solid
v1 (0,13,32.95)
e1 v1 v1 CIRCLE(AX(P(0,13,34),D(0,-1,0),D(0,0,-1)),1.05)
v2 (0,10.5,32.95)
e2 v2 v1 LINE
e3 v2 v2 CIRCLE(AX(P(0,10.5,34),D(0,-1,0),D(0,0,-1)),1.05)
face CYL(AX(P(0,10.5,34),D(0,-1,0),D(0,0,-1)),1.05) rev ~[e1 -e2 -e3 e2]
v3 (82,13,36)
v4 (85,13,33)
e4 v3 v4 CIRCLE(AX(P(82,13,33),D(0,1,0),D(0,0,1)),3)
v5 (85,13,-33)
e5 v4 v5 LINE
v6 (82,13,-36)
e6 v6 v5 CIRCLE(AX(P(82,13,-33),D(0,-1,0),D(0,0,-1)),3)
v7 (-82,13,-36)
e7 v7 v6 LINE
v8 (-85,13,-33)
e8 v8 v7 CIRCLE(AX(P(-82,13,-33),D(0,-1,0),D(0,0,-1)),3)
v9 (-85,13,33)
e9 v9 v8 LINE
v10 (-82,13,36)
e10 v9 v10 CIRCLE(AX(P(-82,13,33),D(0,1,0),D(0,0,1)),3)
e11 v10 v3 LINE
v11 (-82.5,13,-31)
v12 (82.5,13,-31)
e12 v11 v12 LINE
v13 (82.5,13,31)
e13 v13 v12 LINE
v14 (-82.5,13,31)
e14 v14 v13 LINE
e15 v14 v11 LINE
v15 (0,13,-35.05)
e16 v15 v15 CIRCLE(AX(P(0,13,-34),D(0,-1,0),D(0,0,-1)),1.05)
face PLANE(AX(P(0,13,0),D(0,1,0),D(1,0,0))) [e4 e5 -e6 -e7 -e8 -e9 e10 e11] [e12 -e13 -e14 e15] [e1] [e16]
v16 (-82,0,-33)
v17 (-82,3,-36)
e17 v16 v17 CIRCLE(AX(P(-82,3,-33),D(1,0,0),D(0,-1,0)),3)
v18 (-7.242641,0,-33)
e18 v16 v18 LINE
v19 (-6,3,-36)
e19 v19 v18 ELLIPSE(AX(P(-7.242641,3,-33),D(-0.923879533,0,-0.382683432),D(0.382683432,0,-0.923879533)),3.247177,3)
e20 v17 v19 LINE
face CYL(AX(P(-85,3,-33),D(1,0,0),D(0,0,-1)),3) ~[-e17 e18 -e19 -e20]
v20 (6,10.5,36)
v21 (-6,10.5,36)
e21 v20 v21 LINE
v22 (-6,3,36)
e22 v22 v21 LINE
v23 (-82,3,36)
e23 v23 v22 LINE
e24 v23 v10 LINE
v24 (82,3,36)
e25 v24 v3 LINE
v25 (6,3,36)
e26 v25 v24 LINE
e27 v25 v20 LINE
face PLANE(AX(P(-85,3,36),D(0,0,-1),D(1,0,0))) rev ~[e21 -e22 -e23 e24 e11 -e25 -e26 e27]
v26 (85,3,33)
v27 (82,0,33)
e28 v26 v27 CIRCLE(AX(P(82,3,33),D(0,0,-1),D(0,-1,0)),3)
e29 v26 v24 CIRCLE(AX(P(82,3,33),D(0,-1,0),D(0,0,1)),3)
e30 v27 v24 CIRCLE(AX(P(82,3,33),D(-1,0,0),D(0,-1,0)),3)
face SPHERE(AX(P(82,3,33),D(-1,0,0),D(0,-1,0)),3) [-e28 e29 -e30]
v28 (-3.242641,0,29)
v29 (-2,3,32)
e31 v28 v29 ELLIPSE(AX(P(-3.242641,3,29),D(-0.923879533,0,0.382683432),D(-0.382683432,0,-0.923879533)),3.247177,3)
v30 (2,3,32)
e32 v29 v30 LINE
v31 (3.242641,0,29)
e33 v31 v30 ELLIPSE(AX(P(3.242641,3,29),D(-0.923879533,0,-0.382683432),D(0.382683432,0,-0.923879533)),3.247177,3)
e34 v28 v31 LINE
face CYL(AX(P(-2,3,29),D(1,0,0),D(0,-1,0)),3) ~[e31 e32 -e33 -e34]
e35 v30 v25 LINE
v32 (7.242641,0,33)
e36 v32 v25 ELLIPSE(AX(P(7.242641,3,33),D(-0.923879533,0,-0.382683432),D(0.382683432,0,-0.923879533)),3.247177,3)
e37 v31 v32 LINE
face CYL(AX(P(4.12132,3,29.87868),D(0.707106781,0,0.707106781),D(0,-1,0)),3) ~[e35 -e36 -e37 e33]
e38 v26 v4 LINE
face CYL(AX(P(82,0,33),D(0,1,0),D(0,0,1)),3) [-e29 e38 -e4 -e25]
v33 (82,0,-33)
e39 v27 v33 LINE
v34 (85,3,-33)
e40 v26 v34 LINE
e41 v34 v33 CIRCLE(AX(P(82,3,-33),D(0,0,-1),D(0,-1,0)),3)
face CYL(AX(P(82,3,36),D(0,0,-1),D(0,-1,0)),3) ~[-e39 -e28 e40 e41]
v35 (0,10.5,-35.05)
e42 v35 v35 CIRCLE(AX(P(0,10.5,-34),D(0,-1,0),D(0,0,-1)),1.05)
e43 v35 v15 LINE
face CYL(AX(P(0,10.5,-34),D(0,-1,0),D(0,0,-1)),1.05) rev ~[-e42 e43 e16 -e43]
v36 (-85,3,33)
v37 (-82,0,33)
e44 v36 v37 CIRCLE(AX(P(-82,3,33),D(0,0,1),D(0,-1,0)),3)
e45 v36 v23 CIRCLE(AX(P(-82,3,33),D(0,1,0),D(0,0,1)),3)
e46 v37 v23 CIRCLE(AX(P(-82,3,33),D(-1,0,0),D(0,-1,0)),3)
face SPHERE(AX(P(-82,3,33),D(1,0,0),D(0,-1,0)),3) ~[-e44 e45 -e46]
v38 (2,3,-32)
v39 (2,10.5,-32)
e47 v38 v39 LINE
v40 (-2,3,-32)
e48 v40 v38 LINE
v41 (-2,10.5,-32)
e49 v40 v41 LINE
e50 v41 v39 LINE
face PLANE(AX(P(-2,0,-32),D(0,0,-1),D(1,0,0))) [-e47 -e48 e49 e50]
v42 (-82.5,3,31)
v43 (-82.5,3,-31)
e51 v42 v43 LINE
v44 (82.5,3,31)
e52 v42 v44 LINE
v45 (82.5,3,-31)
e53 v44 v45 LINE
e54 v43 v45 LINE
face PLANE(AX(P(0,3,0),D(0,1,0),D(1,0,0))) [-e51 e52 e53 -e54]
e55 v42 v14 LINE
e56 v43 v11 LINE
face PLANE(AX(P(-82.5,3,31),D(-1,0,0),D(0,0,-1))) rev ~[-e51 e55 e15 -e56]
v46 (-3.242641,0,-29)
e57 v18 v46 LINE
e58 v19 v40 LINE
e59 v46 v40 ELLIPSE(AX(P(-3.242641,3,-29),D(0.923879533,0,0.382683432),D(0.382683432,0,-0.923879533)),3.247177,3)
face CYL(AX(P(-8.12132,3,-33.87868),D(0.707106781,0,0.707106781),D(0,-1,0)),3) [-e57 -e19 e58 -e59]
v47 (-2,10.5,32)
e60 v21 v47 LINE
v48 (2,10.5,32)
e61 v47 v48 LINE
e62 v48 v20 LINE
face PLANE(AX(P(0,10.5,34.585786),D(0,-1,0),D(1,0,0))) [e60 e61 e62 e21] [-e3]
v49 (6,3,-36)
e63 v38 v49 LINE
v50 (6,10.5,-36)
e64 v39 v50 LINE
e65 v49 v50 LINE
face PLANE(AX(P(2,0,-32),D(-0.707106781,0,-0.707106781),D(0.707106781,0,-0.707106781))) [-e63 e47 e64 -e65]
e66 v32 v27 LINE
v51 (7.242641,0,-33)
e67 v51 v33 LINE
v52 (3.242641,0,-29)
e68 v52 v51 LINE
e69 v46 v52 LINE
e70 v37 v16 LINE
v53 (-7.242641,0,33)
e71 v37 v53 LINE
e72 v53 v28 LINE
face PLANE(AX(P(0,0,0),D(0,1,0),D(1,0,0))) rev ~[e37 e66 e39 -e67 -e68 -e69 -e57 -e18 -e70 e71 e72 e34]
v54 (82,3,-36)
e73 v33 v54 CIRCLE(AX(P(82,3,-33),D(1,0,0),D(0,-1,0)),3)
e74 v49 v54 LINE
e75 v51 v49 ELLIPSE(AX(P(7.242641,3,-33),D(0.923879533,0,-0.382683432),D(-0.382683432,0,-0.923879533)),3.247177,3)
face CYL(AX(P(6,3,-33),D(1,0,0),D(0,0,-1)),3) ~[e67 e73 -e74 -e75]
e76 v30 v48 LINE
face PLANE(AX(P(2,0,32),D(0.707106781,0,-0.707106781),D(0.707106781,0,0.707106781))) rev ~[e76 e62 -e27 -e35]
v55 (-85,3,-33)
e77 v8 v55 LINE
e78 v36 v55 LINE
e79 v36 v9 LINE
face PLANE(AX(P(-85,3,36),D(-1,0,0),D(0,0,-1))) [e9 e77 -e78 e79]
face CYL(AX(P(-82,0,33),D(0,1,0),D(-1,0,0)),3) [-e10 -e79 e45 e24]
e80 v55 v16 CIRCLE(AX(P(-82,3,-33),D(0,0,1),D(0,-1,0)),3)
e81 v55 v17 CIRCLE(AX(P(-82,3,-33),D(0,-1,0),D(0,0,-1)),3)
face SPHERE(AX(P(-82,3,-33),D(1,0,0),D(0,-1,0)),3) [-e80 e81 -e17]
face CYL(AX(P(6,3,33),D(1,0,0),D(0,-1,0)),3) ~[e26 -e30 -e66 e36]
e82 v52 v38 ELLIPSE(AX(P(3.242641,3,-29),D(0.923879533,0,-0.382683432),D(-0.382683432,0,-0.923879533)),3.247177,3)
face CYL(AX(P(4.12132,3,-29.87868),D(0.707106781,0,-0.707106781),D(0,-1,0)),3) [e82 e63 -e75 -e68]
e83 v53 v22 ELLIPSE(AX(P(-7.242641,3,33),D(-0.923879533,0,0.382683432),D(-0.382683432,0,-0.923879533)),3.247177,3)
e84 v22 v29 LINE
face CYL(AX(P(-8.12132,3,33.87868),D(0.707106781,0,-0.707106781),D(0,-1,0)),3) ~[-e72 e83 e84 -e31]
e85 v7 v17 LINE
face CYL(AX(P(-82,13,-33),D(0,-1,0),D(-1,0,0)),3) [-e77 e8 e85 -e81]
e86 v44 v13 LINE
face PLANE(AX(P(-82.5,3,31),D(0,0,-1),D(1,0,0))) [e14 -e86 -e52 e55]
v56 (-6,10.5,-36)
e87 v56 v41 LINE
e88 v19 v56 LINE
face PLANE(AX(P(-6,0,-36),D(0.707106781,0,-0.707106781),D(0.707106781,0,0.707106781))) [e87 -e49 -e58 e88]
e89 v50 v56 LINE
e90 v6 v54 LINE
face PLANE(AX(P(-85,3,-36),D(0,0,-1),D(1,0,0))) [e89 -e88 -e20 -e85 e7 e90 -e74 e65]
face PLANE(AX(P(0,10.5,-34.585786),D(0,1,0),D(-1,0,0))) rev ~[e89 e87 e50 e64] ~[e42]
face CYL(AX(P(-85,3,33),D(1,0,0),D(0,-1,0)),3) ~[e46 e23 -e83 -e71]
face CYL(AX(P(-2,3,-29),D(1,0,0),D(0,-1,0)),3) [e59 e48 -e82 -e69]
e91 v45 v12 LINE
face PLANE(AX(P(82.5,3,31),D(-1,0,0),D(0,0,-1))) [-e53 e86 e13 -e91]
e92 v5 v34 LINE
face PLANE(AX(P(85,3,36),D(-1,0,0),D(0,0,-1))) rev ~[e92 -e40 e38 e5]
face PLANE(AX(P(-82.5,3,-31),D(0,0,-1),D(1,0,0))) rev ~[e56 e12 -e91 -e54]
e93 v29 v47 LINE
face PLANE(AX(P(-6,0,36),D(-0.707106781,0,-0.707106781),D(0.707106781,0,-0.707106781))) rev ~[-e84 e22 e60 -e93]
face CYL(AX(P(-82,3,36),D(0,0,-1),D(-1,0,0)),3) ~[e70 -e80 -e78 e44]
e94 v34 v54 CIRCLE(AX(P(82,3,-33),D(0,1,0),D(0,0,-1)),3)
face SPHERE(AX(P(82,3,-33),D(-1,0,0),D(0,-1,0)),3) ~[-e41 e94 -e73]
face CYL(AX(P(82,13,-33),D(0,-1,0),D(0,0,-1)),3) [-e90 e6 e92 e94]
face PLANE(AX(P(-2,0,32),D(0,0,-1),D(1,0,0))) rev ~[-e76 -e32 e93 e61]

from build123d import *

# Parameters (mm, degrees)
SKETCH_1_W          = 170
SKETCH_1_H          = 72
EXTRUDE_1_DEPTH     = 3
SKETCH_2_W          = 170
SKETCH_2_H          = 72
SKETCH_2_W_2        = 165
SKETCH_2_H_2        = 62
EXTRUDE_2_DEPTH     = 10
CUT_EXTRUDE_1_DEPTH = 10.5
SKETCH_5_R          = 1.05
CUT_EXTRUDE_2_DEPTH = 10.5
SKETCH_6_R          = 1.05
CUT_EXTRUDE_3_DEPTH = 10.5
FILLET_1_R          = 3


with BuildPart() as part:
    # 草图1 → 凸台-拉伸1 (new body)
    with BuildSketch(Plane(origin=(0, 0, 0), x_dir=(1, 0, 0), z_dir=(0, 1, 0))):
        Rectangle(SKETCH_1_W, SKETCH_1_H)
    extrude(amount=EXTRUDE_1_DEPTH)

    # 草图2 → 凸台-拉伸2 (add)
    with BuildSketch(Plane(origin=(0, 3, 0), x_dir=(1, 0, 0), z_dir=(0, 1, 0))):
        Rectangle(SKETCH_2_W, SKETCH_2_H)
        Rectangle(SKETCH_2_W_2, SKETCH_2_H_2, mode=Mode.SUBTRACT)
    extrude(amount=EXTRUDE_2_DEPTH)

    # 草图3 → 切除-拉伸1 (cut)
    with BuildSketch(Plane.XZ):
        Polygon((-6, 36), (-2, 32), (2, 32), (6, 36), align=None)
        Polygon((6, -36), (-6, -36), (-2, -32), (2, -32), align=None)
    extrude(amount=-CUT_EXTRUDE_1_DEPTH, mode=Mode.SUBTRACT)

    # 草图5 → 切除-拉伸2 (cut)
    with BuildSketch(Plane.XZ.offset(-10.5)):
        with Locations(Location((0, 34, 0), (0, 0, 270))):
            Circle(SKETCH_5_R)
    extrude(amount=-CUT_EXTRUDE_2_DEPTH, mode=Mode.SUBTRACT)

    # 草图6 → 切除-拉伸3 (cut)
    with BuildSketch(Plane.XZ.offset(-10.5)):
        with Locations(Location((0, -34, 0), (0, 0, 270))):
            Circle(SKETCH_6_R)
    extrude(amount=-CUT_EXTRUDE_3_DEPTH, mode=Mode.SUBTRACT)

    # 圆角1
    fillet_1_edges = [part.edges().sort_by_distance(p)[0] for p in [
        (45.5, 0, 36),
        (-45.5, 0, -36),
        (-4, 0, 34),
        (0, 0, 32),
        (4, 0, 34),
        (-45.5, 0, 36),
        (4, 0, -34),
        (0, 0, -32),
        (-85, 0, 0),
        (-4, 0, -34),
        (45.5, 0, -36),
        (85, 0, 0),
        (85, 6.5, 36),
        (-85, 6.5, 36),
        (-85, 6.5, -36),
        (85, 6.5, -36),
    ]]
    fillet(fillet_1_edges, radius=FILLET_1_R)


solid = part.part
